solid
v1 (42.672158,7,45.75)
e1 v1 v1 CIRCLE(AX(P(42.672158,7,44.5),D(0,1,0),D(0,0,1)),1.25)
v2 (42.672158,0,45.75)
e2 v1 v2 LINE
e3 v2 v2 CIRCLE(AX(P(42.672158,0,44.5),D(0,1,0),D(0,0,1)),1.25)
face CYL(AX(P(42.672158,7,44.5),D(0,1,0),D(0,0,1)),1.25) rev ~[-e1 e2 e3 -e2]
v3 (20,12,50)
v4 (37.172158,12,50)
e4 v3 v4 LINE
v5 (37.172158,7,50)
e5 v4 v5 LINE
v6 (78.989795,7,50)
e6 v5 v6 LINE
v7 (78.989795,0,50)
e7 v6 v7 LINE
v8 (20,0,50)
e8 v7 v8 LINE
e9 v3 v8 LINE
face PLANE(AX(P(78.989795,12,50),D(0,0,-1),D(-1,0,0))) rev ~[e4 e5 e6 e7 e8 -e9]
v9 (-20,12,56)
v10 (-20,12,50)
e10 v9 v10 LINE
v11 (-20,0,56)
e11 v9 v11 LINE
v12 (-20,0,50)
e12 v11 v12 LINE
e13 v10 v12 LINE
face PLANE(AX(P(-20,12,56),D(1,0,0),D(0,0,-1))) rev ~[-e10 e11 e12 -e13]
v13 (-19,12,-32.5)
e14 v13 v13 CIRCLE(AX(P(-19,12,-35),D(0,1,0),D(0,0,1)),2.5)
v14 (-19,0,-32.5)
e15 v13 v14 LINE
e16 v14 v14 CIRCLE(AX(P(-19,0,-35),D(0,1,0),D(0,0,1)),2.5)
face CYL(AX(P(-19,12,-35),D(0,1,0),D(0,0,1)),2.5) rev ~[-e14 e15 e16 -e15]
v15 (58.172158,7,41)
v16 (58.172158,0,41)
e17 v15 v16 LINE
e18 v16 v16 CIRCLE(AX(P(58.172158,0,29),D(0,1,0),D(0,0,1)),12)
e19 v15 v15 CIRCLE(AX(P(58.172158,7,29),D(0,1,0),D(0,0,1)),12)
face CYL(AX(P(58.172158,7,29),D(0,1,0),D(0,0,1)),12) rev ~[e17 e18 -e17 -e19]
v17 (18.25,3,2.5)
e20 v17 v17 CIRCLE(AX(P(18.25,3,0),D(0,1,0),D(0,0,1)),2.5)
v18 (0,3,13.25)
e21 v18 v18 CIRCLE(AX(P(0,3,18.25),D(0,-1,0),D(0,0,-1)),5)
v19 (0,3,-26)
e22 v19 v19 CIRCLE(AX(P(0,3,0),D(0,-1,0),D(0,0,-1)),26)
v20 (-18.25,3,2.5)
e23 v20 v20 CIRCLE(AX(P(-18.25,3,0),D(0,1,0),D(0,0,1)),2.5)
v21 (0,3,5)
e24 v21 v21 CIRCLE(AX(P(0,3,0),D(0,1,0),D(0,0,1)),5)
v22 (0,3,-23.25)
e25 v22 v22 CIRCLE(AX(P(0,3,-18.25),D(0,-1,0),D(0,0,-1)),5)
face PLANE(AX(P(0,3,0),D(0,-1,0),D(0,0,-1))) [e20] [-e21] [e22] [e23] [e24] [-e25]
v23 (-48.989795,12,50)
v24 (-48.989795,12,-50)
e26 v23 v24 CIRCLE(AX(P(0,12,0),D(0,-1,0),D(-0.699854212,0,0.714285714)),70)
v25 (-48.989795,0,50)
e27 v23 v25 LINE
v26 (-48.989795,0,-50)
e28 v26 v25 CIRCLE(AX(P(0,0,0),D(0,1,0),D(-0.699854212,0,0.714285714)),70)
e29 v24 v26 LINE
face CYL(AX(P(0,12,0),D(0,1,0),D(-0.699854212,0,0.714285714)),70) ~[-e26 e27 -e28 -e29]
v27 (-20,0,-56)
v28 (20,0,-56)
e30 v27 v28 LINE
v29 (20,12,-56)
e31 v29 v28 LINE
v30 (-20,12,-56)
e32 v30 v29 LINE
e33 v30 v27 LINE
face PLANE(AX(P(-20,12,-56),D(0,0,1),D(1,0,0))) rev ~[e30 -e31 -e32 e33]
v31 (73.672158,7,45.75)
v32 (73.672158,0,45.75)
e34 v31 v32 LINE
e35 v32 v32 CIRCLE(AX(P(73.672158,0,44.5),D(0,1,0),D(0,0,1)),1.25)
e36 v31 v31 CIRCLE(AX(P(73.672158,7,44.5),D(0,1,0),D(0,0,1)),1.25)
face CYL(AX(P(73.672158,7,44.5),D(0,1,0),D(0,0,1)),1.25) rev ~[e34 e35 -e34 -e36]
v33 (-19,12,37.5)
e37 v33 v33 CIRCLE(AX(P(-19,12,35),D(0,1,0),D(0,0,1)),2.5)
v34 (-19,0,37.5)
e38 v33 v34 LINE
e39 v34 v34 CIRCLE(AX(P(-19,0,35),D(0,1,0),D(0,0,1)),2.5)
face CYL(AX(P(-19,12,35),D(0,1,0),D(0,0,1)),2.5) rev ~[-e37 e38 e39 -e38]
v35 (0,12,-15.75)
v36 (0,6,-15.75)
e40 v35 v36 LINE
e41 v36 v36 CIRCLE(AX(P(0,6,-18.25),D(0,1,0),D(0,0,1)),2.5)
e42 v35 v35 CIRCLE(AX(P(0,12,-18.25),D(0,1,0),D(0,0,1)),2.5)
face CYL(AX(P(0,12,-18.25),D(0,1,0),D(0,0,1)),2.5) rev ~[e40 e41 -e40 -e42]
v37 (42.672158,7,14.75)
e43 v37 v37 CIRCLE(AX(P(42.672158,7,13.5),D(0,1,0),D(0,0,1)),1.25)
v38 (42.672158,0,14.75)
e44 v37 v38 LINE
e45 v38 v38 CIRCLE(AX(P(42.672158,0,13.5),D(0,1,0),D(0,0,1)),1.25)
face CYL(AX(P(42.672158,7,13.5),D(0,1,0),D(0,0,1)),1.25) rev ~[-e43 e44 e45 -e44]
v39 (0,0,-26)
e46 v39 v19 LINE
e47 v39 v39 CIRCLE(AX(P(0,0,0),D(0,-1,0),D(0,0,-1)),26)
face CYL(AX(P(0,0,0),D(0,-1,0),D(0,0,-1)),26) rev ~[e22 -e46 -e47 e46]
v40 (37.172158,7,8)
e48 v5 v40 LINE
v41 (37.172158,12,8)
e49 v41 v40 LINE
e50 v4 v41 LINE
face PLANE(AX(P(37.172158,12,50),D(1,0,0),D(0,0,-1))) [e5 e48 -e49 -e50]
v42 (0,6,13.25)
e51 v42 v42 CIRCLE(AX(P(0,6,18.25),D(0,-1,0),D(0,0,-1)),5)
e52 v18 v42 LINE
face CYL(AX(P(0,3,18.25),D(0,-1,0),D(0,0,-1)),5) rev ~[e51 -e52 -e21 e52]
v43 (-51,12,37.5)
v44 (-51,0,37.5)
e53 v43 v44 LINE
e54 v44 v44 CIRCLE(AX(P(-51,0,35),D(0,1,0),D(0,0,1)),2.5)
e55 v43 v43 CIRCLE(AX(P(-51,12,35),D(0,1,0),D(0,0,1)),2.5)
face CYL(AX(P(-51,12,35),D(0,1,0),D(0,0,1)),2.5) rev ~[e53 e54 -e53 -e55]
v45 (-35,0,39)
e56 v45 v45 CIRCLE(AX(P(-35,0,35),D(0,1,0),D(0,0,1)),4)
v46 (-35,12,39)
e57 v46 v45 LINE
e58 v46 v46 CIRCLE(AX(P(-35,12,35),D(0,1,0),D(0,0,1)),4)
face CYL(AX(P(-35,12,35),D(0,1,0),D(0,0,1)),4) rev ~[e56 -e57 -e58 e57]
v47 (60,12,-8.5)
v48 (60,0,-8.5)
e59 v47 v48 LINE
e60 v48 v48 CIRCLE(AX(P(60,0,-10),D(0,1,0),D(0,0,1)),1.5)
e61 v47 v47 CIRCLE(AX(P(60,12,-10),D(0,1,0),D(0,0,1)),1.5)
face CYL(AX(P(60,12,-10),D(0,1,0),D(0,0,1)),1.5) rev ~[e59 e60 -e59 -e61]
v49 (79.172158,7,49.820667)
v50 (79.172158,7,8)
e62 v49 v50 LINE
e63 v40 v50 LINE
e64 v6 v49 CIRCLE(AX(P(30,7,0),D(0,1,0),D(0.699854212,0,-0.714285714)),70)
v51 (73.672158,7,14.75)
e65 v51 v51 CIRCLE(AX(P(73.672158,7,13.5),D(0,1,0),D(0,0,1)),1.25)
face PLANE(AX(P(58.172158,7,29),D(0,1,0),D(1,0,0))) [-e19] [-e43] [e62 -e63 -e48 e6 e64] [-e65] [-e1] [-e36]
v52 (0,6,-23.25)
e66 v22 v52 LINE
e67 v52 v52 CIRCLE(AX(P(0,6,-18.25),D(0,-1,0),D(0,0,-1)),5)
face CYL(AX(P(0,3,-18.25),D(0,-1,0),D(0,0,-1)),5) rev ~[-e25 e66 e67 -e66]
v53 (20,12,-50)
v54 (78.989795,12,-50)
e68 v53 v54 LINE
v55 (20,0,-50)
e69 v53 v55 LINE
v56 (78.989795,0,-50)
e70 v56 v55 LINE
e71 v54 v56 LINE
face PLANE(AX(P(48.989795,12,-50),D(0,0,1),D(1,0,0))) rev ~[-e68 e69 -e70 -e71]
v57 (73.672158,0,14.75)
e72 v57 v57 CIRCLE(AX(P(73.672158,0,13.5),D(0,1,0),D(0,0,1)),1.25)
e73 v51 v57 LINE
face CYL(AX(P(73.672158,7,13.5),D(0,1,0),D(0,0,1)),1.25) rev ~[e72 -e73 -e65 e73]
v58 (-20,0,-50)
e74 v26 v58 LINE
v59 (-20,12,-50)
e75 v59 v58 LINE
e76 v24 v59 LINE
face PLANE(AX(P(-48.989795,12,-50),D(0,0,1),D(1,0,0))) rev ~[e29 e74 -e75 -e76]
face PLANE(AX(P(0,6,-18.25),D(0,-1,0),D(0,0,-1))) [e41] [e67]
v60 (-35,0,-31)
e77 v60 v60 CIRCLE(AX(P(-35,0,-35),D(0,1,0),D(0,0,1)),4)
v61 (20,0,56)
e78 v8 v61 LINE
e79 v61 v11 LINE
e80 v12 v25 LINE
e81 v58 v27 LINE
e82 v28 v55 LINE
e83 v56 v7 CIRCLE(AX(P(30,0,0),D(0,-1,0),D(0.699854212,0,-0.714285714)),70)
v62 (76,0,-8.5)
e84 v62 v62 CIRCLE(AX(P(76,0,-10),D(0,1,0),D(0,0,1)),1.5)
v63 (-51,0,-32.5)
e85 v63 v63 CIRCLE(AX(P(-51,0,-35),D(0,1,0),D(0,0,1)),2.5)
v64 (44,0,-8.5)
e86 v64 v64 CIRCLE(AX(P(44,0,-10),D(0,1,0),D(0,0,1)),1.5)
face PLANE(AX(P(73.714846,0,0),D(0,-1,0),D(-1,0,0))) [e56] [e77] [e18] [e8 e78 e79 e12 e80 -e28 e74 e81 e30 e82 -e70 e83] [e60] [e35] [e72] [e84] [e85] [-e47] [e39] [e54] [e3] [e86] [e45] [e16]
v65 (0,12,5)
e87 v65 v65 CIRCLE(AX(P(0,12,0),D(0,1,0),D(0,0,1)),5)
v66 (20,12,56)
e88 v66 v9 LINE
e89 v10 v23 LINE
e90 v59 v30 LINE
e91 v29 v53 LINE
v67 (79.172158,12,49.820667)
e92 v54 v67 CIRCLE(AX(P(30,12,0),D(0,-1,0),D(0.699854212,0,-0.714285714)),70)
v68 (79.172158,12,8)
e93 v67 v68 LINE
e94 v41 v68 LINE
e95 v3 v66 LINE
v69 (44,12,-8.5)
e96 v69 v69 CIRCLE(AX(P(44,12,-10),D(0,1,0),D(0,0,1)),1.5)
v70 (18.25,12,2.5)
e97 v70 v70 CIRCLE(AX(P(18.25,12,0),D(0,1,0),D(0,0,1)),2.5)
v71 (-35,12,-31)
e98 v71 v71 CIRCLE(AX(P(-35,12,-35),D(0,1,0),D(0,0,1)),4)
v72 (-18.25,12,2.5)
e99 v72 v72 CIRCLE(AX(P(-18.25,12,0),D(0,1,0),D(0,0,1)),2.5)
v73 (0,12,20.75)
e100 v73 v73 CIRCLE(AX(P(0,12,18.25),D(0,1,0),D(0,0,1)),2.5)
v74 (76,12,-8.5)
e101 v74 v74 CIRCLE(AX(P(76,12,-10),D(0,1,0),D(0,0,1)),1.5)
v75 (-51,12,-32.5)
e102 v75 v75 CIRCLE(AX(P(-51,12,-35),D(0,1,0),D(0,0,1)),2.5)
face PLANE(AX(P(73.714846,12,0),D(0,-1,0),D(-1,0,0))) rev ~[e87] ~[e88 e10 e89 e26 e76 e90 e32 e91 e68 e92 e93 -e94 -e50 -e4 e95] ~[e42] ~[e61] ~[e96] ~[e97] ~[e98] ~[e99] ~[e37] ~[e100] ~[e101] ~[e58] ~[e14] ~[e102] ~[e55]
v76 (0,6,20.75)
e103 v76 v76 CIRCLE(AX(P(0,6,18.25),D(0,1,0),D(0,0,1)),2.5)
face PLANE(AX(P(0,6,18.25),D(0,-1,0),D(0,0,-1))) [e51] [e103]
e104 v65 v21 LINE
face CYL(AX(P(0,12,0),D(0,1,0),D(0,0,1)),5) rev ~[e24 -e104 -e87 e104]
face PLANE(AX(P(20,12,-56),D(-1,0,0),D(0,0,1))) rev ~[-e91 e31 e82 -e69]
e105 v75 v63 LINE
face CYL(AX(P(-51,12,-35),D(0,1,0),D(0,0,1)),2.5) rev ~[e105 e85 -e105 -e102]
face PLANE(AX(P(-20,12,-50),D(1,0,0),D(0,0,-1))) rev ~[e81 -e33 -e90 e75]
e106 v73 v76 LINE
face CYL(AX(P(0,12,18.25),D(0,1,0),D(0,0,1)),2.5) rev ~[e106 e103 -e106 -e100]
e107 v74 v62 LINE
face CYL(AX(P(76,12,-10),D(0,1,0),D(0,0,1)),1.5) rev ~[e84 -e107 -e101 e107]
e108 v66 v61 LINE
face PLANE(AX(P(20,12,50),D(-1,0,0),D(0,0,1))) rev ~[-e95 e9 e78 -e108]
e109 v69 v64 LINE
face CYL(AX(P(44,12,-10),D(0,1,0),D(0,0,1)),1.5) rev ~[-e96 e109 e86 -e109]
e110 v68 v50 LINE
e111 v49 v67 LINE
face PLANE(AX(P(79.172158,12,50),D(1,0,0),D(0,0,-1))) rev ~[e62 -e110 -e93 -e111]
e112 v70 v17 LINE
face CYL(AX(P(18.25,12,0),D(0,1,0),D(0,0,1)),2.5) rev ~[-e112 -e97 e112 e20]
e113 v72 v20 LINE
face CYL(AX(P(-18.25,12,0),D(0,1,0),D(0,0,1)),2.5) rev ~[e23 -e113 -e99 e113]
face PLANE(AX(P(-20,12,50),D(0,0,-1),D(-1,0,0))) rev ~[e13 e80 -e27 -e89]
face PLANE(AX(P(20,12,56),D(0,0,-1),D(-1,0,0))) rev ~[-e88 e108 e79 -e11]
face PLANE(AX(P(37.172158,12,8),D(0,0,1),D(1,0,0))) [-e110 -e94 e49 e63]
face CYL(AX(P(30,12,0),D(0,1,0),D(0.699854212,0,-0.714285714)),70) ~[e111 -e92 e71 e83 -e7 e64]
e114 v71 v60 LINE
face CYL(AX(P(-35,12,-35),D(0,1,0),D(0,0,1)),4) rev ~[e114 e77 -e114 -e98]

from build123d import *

# Parameters (mm, degrees)
SKETCH1_W           = 150
SKETCH1_H           = 150
BOSS_EXTRUDE1_DEPTH = 12
SKETCH8_W           = 200
SKETCH8_H           = 200
CUT_EXTRUDE7_DEPTH  = 15
BOSS_EXTRUDE2_DEPTH = 12
SKETCH6_W           = 42
SKETCH6_H           = 42
CUT_EXTRUDE5_DEPTH  = 5
SKETCH9_R           = 4
SKETCH9_R_2         = 2.5
CUT_EXTRUDE8_DEPTH  = 15
SKETCH10_R          = 12
SKETCH10_R_2        = 1.25
CUT_EXTRUDE9_DEPTH  = 10
SKETCH12_R          = 2.5
SKETCH12_R_2        = 5
SKETCH12_R_3        = 1.5
CUT_EXTRUDE10_DEPTH = 20
SKETCH16_R          = 26
CUT_EXTRUDE11_DEPTH = 3
SKETCH17_R          = 5
CUT_EXTRUDE12_DEPTH = 3


with BuildPart() as part:
    # Sketch1 → Boss-Extrude1 (new body)
    with BuildSketch(Plane(origin=(0, 0, 0), x_dir=(1, 0, 0), z_dir=(0, 1, 0))):
        Rectangle(SKETCH1_W, SKETCH1_H)
    extrude(amount=BOSS_EXTRUDE1_DEPTH)

    # Sketch8 → Cut-Extrude7 (cut)
    with BuildSketch(Plane(origin=(0, 12, 0), x_dir=(1, 0, 0), z_dir=(0, 1, 0))):
        Rectangle(SKETCH8_W, SKETCH8_H)
        with BuildLine():
            Line((-48.989794856, 50), (-20, 50))
            Line((-20, 50), (-20, 56))
            Line((-20, 56), (20, 56))
            Line((20, 56), (20, 50))
            Line((20, 50), (48.989794856, 50))
            ThreePointArc((48.989794856, 50), (70, 0), (48.989794856, -50))
            Line((48.989794856, -50), (20, -50))
            Line((20, -50), (20, -56))
            Line((20, -56), (-20, -56))
            Line((-20, -56), (-20, -50))
            Line((-20, -50), (-48.989794856, -50))
            ThreePointArc((-48.989794856, -50), (-70, 0), (-48.989794856, 50))
        make_face(mode=Mode.SUBTRACT)
    extrude(amount=-CUT_EXTRUDE7_DEPTH, mode=Mode.SUBTRACT)

    # Sketch11 → Boss-Extrude2 (add)
    with BuildSketch(Plane(origin=(0, 12, 0), x_dir=(1, 0, 0), z_dir=(0, 1, 0))):
        with BuildLine():
            Line((48.989794856, 50), (78.989794856, 50))
            ThreePointArc((78.989794856, 50), (100, 0), (78.989794856, -50))
            Line((78.989794856, -50), (48.989794856, -50))
            ThreePointArc((48.989794856, -50), (70, 0), (48.989794856, 50))
        make_face()
    extrude(amount=-BOSS_EXTRUDE2_DEPTH)

    # Sketch6 → Cut-Extrude5 (cut)
    with BuildSketch(Plane(origin=(0, 12, 0), x_dir=(1, 0, 0), z_dir=(0, 1, 0))):
        with Locations((58.172158289, -29)):
            Rectangle(SKETCH6_W, SKETCH6_H)
    extrude(amount=-CUT_EXTRUDE5_DEPTH, mode=Mode.SUBTRACT)

    # Sketch9 → Cut-Extrude8 (cut)
    with BuildSketch(Plane(origin=(0, 12, 0), x_dir=(1, 0, 0), z_dir=(0, 1, 0))):
        with Locations(Location((-35, 35, 0), (0, 0, 270))):
            Circle(SKETCH9_R)
        with Locations(Location((-35, -35, 0), (0, 0, 270))):
            Circle(SKETCH9_R)
        with Locations(Location((-19, 35, 0), (0, 0, 270))):
            Circle(SKETCH9_R_2)
        with Locations(Location((-51, 35, 0), (0, 0, 270))):
            Circle(SKETCH9_R_2)
        with Locations(Location((-19, -35, 0), (0, 0, 270))):
            Circle(SKETCH9_R_2)
        with Locations(Location((-51, -35, 0), (0, 0, 270))):
            Circle(SKETCH9_R_2)
    extrude(amount=-CUT_EXTRUDE8_DEPTH, mode=Mode.SUBTRACT)

    # Sketch10 → Cut-Extrude9 (cut)
    with BuildSketch(Plane(origin=(0, 7, 0), x_dir=(1, 0, 0), z_dir=(0, 1, 0))):
        with Locations(Location((58.172158289, -29, 0), (0, 0, 270))):
            Circle(SKETCH10_R)
        with Locations(Location((42.672158289, -13.5, 0), (0, 0, 270))):
            Circle(SKETCH10_R_2)
        with Locations(Location((73.672158289, -13.5, 0), (0, 0, 270))):
            Circle(SKETCH10_R_2)
        with Locations(Location((42.672158289, -44.5, 0), (0, 0, 270))):
            Circle(SKETCH10_R_2)
        with Locations(Location((73.672158289, -44.5, 0), (0, 0, 270))):
            Circle(SKETCH10_R_2)
    extrude(amount=-CUT_EXTRUDE9_DEPTH, mode=Mode.SUBTRACT)

    # Sketch12 → Cut-Extrude10 (cut)
    with BuildSketch(Plane(origin=(0, 12, 0), x_dir=(1, 0, 0), z_dir=(0, 1, 0))):
        with Locations(Location((0, 18.25, 0), (0, 0, 270))):
            Circle(SKETCH12_R)
        with Locations(Location((0, -18.25, 0), (0, 0, 270))):
            Circle(SKETCH12_R)
        with Locations(Location((0, 0, 0), (0, 0, 270))):
            Circle(SKETCH12_R_2)
        with Locations(Location((18.25, 0, 0), (0, 0, 270))):
            Circle(SKETCH12_R)
        with Locations(Location((-18.25, 0, 0), (0, 0, 270))):
            Circle(SKETCH12_R)
        with Locations(Location((76, 10, 0), (0, 0, 270))):
            Circle(SKETCH12_R_3)
        with Locations(Location((60, 10, 0), (0, 0, 270))):
            Circle(SKETCH12_R_3)
        with Locations(Location((44, 10, 0), (0, 0, 270))):
            Circle(SKETCH12_R_3)
    extrude(amount=-CUT_EXTRUDE10_DEPTH, mode=Mode.SUBTRACT)

    # Sketch16 → Cut-Extrude11 (cut)
    with BuildSketch(Plane.XZ):
        with Locations(Location((0, 0, 0), (0, 0, 270))):
            Circle(SKETCH16_R)
    extrude(amount=-CUT_EXTRUDE11_DEPTH, mode=Mode.SUBTRACT)

    # Sketch17 → Cut-Extrude12 (cut)
    with BuildSketch(Plane.XZ.offset(-3)):
        with Locations(Location((0, 18.25, 0), (0, 0, 270))):
            Circle(SKETCH17_R)
        with Locations(Location((0, -18.25, 0), (0, 0, 270))):
            Circle(SKETCH17_R)
    extrude(amount=-CUT_EXTRUDE12_DEPTH, mode=Mode.SUBTRACT)


solid = part.part
